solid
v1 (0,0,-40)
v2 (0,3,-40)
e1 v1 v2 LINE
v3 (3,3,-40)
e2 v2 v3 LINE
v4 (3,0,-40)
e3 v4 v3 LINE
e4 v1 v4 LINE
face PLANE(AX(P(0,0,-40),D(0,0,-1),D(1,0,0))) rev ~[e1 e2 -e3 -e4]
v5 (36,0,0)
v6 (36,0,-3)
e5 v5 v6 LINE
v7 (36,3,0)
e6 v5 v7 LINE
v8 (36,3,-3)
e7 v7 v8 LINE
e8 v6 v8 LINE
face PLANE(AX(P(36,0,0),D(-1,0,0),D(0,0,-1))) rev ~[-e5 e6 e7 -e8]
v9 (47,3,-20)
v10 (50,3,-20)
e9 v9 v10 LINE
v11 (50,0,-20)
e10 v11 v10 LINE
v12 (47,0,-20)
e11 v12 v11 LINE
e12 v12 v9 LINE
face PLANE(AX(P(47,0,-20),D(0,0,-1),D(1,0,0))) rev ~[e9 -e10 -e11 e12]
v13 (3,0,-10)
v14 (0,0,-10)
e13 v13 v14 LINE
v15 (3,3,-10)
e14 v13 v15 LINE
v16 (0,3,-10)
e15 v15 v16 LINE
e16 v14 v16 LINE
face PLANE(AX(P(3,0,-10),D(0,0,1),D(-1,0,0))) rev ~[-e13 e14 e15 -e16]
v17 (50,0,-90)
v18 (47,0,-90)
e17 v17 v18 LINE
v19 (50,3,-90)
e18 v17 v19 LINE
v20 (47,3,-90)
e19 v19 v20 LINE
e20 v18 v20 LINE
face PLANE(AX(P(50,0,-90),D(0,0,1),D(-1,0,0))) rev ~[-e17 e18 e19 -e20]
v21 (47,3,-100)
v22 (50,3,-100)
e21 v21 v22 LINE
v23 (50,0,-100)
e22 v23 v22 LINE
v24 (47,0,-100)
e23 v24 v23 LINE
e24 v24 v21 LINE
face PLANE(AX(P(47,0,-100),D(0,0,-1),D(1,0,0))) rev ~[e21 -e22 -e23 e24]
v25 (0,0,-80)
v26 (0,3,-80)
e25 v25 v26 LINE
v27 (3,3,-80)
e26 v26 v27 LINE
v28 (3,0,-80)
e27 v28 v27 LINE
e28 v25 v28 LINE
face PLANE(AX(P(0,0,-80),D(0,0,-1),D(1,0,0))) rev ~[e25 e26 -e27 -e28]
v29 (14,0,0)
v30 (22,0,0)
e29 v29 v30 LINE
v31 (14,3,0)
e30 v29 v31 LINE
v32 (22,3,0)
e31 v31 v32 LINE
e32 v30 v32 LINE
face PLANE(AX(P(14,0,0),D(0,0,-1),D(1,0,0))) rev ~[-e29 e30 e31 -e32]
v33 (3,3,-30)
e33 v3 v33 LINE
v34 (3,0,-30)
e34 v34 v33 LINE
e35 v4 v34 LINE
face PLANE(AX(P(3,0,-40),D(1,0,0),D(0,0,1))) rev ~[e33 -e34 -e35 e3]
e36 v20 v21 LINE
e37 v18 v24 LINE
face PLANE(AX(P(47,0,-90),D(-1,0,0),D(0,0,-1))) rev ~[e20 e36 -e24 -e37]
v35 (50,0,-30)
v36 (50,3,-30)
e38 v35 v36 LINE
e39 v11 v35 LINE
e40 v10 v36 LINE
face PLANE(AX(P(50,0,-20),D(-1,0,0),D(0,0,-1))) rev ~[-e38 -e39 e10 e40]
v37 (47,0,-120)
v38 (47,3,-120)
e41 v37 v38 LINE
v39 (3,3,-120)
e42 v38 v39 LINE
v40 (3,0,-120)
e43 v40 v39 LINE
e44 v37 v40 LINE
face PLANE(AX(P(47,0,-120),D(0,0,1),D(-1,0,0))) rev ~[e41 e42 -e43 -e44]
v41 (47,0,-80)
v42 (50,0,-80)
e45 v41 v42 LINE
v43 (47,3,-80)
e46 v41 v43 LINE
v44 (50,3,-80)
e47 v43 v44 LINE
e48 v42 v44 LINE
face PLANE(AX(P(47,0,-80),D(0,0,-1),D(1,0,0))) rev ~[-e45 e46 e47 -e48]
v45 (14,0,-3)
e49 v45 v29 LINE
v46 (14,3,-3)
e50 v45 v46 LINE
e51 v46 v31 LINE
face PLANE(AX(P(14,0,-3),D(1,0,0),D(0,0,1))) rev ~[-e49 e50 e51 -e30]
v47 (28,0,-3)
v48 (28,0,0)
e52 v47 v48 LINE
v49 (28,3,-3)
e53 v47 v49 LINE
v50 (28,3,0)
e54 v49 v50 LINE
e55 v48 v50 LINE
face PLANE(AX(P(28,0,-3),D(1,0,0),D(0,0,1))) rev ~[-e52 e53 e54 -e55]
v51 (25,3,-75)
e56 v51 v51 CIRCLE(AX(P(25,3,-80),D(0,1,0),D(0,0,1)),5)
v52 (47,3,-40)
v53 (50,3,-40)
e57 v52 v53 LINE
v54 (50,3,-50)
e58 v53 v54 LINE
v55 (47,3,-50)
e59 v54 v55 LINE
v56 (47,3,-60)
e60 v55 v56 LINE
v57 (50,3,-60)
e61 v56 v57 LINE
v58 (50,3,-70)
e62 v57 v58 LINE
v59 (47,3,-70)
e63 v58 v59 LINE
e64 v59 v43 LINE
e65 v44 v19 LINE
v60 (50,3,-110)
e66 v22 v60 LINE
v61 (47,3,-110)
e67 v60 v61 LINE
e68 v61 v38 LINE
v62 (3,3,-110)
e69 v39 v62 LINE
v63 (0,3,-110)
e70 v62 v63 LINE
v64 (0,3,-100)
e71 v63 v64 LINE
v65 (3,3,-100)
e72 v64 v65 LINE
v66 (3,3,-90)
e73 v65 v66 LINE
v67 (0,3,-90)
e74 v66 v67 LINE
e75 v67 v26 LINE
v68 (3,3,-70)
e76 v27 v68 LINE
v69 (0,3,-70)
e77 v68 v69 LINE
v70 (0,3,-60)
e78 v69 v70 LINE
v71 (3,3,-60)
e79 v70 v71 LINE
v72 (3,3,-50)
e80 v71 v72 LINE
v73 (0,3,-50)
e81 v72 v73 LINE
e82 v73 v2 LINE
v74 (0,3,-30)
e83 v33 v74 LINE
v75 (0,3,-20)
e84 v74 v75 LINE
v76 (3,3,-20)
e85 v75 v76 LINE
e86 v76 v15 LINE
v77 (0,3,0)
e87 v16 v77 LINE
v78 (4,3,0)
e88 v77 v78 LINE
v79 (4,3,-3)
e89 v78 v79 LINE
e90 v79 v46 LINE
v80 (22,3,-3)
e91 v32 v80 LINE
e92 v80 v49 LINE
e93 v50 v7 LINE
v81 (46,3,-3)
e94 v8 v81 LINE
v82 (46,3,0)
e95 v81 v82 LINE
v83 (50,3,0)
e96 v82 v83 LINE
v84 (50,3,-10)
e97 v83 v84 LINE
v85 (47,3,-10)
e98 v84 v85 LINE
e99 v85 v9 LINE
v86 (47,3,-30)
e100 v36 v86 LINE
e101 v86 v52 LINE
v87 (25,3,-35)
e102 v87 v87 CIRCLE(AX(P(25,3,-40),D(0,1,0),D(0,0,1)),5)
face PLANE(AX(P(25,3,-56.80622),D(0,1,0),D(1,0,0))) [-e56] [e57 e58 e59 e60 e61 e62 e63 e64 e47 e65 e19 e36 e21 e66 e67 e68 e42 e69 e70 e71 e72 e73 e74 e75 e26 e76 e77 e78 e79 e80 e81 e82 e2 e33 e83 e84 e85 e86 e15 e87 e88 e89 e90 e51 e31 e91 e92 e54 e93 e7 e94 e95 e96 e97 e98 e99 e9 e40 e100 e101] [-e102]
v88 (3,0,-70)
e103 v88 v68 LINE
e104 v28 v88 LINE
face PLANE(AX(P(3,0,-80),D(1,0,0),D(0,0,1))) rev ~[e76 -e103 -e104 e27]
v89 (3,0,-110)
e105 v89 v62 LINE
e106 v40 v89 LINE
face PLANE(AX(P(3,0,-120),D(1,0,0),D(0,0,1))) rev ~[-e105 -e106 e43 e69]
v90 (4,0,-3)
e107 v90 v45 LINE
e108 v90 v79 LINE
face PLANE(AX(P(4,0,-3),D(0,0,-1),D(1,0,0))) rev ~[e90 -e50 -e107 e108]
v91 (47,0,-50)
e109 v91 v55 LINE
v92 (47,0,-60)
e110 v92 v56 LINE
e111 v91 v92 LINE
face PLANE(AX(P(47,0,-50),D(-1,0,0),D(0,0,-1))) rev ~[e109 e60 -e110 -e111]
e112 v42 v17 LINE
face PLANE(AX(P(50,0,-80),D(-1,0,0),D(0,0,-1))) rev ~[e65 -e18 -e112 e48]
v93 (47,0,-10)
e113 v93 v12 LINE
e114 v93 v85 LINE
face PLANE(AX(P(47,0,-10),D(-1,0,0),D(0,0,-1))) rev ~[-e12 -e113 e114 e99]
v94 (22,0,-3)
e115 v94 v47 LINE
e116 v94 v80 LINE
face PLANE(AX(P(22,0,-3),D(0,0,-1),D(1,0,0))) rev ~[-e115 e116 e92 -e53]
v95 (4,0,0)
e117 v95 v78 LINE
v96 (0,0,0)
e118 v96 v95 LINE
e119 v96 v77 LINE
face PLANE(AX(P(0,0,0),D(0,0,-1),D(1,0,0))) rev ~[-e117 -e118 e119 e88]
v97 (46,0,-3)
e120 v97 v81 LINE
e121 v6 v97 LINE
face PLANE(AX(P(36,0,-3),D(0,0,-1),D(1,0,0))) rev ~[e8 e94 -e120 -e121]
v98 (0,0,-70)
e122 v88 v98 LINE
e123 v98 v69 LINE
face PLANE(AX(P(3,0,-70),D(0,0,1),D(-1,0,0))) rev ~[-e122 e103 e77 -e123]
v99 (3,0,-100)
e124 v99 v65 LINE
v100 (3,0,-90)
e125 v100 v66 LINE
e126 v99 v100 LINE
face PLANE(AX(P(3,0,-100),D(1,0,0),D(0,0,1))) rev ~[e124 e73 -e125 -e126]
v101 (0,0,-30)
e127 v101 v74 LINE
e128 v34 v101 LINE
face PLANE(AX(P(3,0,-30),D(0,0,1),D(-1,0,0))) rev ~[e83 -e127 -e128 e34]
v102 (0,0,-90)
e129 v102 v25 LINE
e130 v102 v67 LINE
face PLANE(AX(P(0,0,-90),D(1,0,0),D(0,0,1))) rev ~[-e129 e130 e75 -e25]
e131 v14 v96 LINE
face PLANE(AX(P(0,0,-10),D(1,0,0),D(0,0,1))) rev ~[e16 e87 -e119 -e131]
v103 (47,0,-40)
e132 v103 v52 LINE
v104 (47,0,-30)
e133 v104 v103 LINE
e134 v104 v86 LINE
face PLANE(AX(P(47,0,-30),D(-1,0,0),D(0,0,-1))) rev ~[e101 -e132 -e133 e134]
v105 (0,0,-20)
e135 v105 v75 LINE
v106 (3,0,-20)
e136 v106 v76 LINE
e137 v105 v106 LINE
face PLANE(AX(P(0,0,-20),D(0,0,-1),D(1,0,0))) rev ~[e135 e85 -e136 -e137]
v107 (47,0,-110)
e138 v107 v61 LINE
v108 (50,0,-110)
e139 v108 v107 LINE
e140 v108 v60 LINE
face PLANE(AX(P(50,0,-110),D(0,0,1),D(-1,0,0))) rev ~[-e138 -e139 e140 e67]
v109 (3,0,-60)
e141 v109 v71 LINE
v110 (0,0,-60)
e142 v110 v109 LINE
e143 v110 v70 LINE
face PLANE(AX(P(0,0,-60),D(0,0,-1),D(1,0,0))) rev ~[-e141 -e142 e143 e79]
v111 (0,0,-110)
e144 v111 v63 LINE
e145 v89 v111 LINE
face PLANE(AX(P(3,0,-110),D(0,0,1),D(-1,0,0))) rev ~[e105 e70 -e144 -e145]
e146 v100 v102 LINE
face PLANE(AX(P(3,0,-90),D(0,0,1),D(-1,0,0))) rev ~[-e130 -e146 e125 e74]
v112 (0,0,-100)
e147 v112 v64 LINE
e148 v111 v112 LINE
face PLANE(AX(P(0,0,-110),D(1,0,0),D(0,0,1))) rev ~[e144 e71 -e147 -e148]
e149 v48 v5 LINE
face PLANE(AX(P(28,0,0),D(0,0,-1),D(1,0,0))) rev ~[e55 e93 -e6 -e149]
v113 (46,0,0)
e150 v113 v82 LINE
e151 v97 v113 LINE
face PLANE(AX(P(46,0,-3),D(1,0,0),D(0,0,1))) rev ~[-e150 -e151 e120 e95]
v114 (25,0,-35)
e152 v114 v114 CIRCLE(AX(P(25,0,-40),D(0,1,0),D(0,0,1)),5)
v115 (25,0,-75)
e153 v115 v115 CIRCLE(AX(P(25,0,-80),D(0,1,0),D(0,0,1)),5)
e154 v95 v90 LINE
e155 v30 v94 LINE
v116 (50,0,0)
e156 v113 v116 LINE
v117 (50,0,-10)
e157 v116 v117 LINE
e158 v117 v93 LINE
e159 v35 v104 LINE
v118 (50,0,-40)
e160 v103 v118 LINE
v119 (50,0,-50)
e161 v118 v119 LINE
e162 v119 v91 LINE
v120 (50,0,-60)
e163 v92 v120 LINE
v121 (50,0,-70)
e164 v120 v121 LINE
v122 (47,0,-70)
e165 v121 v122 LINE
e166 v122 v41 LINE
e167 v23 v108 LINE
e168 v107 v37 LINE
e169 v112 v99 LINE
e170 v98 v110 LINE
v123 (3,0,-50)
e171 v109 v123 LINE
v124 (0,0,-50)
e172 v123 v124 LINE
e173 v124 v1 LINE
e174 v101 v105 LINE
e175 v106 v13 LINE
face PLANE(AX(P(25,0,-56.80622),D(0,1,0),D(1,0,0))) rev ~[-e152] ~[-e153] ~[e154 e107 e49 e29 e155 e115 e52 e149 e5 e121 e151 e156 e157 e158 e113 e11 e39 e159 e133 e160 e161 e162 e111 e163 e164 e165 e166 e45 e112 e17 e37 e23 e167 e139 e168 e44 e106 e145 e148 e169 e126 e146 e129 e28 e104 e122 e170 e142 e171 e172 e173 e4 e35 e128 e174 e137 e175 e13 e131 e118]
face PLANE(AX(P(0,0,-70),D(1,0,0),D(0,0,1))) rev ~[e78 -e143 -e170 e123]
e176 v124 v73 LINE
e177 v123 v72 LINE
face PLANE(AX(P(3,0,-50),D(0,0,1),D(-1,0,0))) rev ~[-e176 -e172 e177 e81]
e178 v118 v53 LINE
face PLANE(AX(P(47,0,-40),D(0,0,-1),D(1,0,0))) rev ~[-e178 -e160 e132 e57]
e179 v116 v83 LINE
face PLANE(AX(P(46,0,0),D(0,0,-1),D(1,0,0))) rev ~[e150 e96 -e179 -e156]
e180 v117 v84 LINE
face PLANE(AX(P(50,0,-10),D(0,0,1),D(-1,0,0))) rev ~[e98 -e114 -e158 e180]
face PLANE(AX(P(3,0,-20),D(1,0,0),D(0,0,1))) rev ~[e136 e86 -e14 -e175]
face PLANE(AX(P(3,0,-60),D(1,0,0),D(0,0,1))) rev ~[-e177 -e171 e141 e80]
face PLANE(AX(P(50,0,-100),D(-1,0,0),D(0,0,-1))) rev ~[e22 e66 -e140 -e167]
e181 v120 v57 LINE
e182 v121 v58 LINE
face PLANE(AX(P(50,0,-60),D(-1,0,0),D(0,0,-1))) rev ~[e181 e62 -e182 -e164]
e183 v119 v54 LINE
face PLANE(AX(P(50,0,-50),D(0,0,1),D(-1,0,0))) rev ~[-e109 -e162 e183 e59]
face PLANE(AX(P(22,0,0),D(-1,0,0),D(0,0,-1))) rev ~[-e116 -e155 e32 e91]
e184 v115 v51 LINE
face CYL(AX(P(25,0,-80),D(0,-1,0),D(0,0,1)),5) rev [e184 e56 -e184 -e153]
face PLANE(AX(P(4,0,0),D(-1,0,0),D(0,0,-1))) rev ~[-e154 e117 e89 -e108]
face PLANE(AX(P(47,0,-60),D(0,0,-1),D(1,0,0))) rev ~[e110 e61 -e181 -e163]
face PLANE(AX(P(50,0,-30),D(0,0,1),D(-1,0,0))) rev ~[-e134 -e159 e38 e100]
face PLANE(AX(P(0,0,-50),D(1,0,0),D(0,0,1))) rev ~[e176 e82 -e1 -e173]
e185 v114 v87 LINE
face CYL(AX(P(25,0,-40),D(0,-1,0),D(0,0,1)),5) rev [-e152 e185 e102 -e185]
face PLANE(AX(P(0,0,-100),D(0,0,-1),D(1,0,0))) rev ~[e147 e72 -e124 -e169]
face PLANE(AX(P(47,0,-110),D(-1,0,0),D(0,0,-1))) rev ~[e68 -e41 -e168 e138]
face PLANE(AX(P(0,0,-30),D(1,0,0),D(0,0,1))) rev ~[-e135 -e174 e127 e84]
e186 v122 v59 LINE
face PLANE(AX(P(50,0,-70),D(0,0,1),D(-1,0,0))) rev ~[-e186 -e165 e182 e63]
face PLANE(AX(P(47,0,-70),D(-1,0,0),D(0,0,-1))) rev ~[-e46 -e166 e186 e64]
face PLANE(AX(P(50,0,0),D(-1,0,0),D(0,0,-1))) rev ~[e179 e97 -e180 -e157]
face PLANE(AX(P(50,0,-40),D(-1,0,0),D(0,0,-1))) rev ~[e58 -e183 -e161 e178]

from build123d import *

# Parameters (mm, degrees)
SKETCH1_R           = 5
BOSS_EXTRUDE1_DEPTH = 3


with BuildPart() as part:
    # Sketch1 → Boss-Extrude1 (new body)
    with BuildSketch(Plane(origin=(0, 0, 0), x_dir=(1, 0, 0), z_dir=(0, 1, 0))):
        Polygon((3, 10), (0, 10), (0, 0), (4, 0), (4, 3), (14, 3), (14, 0), (22, 0), (22, 3), (28, 3), (28, 0), (36, 0), (36, 3), (46, 3), (46, 0), (50, 0), (50, 10), (47, 10), (47, 20), (50, 20), (50, 30), (47, 30), (47, 40), (50, 40), (50, 50), (47, 50), (47, 60), (50, 60), (50, 70), (47, 70), (47, 80), (50, 80), (50, 90), (47, 90), (47, 100), (50, 100), (50, 110), (47, 110), (47, 120), (3, 120), (3, 110), (0, 110), (0, 100), (3, 100), (3, 90), (0, 90), (0, 80), (3, 80), (3, 70), (0, 70), (0, 60), (3, 60), (3, 50), (0, 50), (0, 40), (3, 40), (3, 30), (0, 30), (0, 20), (3, 20), align=None)
        with Locations(Location((25, 40, 0), (0, 0, 270))):
            Circle(SKETCH1_R, mode=Mode.SUBTRACT)
        with Locations(Location((25, 80, 0), (0, 0, 270))):
            Circle(SKETCH1_R, mode=Mode.SUBTRACT)
    extrude(amount=BOSS_EXTRUDE1_DEPTH)


solid = part.part
